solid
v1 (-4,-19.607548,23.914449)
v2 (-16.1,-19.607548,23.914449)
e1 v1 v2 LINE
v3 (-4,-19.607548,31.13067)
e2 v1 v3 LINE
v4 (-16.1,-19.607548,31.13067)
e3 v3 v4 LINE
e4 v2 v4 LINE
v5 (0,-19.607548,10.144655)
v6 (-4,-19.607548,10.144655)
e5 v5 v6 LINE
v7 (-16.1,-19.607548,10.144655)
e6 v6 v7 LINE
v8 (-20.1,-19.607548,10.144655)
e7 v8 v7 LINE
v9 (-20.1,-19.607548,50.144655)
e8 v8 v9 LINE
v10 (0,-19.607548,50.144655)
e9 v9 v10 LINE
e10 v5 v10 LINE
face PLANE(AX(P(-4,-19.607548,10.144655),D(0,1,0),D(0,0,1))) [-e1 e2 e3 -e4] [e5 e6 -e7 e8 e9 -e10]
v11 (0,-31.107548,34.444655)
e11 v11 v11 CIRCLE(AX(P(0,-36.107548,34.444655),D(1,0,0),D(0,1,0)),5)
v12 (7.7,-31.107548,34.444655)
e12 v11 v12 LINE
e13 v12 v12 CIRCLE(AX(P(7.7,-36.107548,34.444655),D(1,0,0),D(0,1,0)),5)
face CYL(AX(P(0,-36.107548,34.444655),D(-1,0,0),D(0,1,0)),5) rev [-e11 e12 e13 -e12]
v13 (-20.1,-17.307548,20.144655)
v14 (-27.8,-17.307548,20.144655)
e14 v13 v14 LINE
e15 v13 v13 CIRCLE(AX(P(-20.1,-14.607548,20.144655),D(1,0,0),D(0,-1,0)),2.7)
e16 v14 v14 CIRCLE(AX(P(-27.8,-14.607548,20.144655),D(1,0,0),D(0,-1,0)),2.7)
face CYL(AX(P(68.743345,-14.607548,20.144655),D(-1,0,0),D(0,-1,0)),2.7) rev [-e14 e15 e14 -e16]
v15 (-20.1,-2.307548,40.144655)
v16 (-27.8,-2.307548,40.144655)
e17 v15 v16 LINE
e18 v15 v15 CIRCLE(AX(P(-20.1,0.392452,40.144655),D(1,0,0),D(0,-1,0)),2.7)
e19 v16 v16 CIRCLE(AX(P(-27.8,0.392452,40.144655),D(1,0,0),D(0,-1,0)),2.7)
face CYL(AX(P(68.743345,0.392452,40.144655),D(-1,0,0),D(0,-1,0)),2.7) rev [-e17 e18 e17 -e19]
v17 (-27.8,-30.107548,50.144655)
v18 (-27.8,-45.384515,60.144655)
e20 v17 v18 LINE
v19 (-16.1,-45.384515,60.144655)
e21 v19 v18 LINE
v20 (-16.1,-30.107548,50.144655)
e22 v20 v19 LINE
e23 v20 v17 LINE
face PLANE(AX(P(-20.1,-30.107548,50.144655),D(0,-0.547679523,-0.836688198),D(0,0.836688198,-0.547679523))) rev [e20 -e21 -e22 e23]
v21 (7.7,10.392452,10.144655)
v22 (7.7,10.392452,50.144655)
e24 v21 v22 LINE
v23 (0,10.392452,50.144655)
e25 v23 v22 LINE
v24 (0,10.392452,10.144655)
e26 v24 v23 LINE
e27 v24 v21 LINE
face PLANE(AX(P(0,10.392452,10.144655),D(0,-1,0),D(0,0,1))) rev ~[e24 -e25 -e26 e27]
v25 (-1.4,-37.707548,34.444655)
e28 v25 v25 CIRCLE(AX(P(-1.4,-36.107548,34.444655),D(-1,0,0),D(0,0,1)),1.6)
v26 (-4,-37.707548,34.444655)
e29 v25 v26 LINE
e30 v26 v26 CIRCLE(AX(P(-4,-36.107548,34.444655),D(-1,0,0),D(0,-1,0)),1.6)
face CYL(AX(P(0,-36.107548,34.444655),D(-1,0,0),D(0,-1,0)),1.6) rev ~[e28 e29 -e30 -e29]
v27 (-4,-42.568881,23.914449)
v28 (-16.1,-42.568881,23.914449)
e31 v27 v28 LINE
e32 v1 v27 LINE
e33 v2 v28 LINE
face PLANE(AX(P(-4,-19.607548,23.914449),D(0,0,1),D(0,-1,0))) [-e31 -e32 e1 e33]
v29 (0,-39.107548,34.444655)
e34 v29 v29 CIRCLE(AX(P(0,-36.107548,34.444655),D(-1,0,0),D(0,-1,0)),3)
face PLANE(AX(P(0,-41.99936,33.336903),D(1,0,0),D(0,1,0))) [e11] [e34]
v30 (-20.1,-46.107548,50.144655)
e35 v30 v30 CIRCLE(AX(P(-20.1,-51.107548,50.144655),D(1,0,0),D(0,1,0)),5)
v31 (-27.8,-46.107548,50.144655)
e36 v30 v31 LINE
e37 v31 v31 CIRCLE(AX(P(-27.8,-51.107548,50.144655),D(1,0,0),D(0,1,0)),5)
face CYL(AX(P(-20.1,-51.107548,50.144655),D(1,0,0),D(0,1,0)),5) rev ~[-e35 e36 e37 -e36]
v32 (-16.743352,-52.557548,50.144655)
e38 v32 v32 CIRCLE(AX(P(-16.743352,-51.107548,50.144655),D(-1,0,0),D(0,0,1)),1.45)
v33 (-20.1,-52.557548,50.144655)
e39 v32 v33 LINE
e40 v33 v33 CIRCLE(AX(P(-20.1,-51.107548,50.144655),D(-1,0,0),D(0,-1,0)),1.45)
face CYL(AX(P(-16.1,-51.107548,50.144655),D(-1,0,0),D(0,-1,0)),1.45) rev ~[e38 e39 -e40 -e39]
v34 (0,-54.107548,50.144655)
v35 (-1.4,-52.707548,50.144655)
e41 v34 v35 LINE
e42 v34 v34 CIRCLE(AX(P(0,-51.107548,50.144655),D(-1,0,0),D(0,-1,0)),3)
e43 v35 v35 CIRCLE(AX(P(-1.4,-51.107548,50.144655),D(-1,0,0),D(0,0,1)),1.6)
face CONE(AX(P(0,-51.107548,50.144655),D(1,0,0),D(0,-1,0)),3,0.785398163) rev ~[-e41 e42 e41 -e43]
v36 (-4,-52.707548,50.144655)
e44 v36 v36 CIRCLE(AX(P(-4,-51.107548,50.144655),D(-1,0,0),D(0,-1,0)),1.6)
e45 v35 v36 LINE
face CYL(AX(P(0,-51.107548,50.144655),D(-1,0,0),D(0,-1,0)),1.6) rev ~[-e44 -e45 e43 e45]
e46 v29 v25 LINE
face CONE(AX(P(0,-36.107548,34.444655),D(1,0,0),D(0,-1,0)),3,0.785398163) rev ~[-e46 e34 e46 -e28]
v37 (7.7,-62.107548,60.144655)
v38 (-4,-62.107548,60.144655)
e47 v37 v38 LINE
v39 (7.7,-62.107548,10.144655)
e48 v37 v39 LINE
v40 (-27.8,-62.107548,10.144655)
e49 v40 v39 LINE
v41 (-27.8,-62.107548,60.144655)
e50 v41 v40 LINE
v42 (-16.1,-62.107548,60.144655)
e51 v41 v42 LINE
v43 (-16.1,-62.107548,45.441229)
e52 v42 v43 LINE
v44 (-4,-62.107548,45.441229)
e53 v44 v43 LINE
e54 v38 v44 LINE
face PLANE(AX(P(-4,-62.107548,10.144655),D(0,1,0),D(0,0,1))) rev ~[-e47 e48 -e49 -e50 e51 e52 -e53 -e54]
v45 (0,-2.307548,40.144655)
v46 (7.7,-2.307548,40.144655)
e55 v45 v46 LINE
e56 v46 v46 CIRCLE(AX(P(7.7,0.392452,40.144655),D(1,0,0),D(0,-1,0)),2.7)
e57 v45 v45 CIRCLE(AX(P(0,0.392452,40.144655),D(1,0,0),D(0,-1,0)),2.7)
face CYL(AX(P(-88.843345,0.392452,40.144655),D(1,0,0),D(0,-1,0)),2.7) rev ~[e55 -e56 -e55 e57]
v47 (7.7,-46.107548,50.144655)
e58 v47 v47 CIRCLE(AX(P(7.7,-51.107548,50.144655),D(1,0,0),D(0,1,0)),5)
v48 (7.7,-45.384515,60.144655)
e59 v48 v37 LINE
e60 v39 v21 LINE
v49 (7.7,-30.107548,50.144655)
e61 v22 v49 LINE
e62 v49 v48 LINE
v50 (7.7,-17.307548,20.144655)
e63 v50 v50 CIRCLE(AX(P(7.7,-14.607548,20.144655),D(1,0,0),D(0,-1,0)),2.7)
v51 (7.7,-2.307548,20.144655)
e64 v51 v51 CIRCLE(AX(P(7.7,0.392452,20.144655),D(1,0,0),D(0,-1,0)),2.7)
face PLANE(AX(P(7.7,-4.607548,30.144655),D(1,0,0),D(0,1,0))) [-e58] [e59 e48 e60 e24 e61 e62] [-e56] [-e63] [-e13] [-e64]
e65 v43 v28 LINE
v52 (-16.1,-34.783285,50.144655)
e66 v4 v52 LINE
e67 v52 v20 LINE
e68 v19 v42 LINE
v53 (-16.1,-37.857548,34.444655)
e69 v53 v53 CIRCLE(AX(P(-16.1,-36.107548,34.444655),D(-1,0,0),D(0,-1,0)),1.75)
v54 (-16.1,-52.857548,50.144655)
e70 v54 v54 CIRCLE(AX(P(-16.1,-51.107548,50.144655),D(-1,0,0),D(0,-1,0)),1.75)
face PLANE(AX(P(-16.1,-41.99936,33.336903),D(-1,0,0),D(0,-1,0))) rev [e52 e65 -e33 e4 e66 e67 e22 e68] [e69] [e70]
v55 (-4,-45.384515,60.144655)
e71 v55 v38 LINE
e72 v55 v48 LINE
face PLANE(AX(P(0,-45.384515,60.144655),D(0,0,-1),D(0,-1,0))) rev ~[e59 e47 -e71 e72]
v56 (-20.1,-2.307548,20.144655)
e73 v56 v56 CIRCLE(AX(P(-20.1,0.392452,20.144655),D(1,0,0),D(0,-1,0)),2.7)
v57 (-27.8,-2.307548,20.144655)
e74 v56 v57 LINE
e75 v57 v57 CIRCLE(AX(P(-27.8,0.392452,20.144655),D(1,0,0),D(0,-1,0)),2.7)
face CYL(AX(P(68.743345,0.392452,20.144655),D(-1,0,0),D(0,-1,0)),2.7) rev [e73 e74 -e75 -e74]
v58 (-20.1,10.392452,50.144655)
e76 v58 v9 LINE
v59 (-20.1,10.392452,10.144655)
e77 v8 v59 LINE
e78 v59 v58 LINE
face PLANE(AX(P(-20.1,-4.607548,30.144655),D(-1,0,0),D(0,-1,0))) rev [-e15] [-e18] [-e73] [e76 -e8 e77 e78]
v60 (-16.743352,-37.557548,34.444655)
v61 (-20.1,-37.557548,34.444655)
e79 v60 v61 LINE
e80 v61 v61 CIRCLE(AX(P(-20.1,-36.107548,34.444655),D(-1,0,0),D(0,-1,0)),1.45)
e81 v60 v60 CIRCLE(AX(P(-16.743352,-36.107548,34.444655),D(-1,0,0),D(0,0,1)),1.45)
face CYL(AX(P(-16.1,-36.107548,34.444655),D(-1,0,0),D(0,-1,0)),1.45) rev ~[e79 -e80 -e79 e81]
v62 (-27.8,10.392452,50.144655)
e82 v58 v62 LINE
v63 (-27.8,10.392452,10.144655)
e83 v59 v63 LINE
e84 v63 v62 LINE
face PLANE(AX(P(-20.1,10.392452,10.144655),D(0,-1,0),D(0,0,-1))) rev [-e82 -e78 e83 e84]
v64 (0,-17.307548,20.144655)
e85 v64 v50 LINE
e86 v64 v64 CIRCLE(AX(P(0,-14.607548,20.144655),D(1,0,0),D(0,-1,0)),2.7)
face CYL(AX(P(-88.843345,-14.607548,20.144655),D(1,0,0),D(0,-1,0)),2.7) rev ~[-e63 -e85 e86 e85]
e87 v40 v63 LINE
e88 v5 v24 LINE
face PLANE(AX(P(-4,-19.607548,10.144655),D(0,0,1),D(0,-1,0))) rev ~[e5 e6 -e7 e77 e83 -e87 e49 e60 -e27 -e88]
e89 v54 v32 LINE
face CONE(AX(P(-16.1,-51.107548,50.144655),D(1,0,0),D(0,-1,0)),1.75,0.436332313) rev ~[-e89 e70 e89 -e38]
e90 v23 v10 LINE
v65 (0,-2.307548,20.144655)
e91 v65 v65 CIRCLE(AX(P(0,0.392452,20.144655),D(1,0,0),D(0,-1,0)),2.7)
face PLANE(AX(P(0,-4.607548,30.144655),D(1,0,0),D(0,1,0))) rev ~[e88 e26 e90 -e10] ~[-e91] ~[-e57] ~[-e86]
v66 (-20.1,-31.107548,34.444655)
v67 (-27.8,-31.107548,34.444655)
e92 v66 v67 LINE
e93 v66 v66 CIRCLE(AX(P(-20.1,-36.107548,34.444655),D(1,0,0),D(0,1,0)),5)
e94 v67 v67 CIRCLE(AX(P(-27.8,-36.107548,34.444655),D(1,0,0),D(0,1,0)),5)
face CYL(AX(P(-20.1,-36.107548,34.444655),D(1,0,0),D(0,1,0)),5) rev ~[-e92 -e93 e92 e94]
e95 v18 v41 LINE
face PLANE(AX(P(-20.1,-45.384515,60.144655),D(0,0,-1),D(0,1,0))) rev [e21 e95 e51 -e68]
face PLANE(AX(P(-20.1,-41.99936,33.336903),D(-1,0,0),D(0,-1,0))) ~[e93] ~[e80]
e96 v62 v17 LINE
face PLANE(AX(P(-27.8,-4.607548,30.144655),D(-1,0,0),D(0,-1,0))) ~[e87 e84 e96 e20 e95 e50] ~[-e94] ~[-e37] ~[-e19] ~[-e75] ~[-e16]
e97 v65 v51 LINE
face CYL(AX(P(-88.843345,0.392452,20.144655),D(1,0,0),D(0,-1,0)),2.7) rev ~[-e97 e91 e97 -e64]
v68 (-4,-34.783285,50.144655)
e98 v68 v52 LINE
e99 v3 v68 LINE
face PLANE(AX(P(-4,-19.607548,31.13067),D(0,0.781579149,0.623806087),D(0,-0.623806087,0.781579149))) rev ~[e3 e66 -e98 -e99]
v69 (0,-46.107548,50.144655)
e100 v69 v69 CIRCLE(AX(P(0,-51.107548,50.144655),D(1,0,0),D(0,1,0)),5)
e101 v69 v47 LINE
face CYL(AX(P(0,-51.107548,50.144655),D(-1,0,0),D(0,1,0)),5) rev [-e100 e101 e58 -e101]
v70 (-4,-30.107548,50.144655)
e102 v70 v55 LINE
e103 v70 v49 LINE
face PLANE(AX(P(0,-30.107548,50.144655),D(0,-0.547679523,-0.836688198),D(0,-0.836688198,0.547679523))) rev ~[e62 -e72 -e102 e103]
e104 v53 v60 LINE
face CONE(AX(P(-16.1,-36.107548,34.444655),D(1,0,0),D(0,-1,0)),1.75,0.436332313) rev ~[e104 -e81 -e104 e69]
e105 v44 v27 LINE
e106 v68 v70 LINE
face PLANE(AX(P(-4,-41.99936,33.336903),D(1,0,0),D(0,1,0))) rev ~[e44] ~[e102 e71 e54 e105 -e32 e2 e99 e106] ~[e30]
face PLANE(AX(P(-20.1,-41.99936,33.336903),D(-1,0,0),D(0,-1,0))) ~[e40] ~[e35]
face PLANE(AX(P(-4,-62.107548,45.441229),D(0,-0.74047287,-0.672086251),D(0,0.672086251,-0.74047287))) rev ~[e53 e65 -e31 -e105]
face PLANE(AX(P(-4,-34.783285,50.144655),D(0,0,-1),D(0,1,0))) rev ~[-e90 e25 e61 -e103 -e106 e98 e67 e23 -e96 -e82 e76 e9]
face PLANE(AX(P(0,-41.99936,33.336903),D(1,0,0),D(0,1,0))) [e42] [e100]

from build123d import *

# Parameters (mm, degrees)
F2_R            = 5
F3_DEPTH        = 4
F2_W            = 30
F2_H            = 40
F4_DEPTH        = 7.7
F5_D            = 5.4
F9_D            = 3.2
F9_CSINK_D      = 6
F9_CSINK_ANGLE  = 90
F11_D           = 2.9
F11_CSINK_D     = 3.5
F11_CSINK_ANGLE = 50
F12_W           = 22.961332947
F12_H           = 13.7697942555
F13_DEPTH       = 12.1


with BuildPart() as f3:
    # F2 (on Right) → F3 (new body)
    with BuildSketch(Plane.YZ):
        Polygon((-62.1075481176, 10.1446546614), (-19.6075481176, 10.1446546614), (-19.6075481176, 50.1446546614), (-30.1075481176, 50.1446546614), (-45.3845150769, 60.1446546614), (-62.1075481176, 60.1446546614), (-62.1075481176, 50.1446546614), align=None)
        with Locations((-36.1075481176, 34.4446546614)):
            Circle(F2_R, mode=Mode.SUBTRACT)
        with Locations((-51.1075481176, 50.1446546614)):
            Circle(F2_R, mode=Mode.SUBTRACT)
        with Locations((-51.1075481176, 50.1446546614)):
            Circle(F2_R)
        with Locations((-36.1075481176, 34.4446546614)):
            Circle(F2_R)
    extrude(amount=-F3_DEPTH)

    # F2 (on Right) → F4 (join)
    with BuildSketch(Plane.YZ):
        with Locations((-4.6075481176, 30.1446546614)):
            Rectangle(F2_W, F2_H)
        Polygon((-62.1075481176, 10.1446546614), (-19.6075481176, 10.1446546614), (-19.6075481176, 50.1446546614), (-30.1075481176, 50.1446546614), (-45.3845150769, 60.1446546614), (-62.1075481176, 60.1446546614), (-62.1075481176, 50.1446546614), align=None)
        with Locations((-36.1075481176, 34.4446546614)):
            Circle(F2_R, mode=Mode.SUBTRACT)
        with Locations((-51.1075481176, 50.1446546614)):
            Circle(F2_R, mode=Mode.SUBTRACT)
    extrude(amount=F4_DEPTH)

    # F5 (through all)
    with Locations(Plane(origin=(0, 0, 0), x_dir=(0, 1, 0), z_dir=(-1, 0, 0))):
        with Locations((0.3924518824, -40.1446546614), (0.3924518824, -20.1446546614), (-14.6075481176, -20.1446546614)):
            Hole(F5_D / 2)


with BuildPart() as f8_1:
    # F8: instance of F3
    add(f3.part.mirror(Plane.YZ.offset(-10.05)))

    # F11 (through all)
    with Locations(Plane.YZ.offset(-16.1)):
        with Locations((-36.1075481176, 34.4446546614), (-51.1075481176, 50.1446546614)):
            CounterSinkHole(F11_D / 2, F11_CSINK_D / 2, counter_sink_angle=F11_CSINK_ANGLE)


with BuildPart() as f3_1:
    add(f3.part)

    # F9 (through all)
    with Locations(Plane.YZ):
        with Locations((-51.1075481176, 50.1446546614), (-36.1075481176, 34.4446546614)):
            CounterSinkHole(F9_D / 2, F9_CSINK_D / 2, counter_sink_angle=F9_CSINK_ANGLE)

    add(f8_1.part)  # F13 merges F8_1
    # F12 (on face) → F13 (join, through all)
    with BuildSketch(Plane(origin=(-4, 0, 0), x_dir=(0, -1, 0), z_dir=(-1, 0, 0))):
        Polygon((62.1075481176, 10.1446546614), (62.1075481176, 45.4412288964), (42.5688810647, 23.9144489169), (42.5688810647, 10.1446546614), align=None)
        with Locations((31.0882145911, 17.0295517892)):
            Rectangle(F12_W, F12_H)
        Polygon((19.6075481176, 50.1446546614), (19.6075481176, 31.1306696385), (34.7832851112, 50.1446546614), (30.1075481176, 50.1446546614), align=None)
    extrude(amount=F13_DEPTH)


solid = f3_1.part
